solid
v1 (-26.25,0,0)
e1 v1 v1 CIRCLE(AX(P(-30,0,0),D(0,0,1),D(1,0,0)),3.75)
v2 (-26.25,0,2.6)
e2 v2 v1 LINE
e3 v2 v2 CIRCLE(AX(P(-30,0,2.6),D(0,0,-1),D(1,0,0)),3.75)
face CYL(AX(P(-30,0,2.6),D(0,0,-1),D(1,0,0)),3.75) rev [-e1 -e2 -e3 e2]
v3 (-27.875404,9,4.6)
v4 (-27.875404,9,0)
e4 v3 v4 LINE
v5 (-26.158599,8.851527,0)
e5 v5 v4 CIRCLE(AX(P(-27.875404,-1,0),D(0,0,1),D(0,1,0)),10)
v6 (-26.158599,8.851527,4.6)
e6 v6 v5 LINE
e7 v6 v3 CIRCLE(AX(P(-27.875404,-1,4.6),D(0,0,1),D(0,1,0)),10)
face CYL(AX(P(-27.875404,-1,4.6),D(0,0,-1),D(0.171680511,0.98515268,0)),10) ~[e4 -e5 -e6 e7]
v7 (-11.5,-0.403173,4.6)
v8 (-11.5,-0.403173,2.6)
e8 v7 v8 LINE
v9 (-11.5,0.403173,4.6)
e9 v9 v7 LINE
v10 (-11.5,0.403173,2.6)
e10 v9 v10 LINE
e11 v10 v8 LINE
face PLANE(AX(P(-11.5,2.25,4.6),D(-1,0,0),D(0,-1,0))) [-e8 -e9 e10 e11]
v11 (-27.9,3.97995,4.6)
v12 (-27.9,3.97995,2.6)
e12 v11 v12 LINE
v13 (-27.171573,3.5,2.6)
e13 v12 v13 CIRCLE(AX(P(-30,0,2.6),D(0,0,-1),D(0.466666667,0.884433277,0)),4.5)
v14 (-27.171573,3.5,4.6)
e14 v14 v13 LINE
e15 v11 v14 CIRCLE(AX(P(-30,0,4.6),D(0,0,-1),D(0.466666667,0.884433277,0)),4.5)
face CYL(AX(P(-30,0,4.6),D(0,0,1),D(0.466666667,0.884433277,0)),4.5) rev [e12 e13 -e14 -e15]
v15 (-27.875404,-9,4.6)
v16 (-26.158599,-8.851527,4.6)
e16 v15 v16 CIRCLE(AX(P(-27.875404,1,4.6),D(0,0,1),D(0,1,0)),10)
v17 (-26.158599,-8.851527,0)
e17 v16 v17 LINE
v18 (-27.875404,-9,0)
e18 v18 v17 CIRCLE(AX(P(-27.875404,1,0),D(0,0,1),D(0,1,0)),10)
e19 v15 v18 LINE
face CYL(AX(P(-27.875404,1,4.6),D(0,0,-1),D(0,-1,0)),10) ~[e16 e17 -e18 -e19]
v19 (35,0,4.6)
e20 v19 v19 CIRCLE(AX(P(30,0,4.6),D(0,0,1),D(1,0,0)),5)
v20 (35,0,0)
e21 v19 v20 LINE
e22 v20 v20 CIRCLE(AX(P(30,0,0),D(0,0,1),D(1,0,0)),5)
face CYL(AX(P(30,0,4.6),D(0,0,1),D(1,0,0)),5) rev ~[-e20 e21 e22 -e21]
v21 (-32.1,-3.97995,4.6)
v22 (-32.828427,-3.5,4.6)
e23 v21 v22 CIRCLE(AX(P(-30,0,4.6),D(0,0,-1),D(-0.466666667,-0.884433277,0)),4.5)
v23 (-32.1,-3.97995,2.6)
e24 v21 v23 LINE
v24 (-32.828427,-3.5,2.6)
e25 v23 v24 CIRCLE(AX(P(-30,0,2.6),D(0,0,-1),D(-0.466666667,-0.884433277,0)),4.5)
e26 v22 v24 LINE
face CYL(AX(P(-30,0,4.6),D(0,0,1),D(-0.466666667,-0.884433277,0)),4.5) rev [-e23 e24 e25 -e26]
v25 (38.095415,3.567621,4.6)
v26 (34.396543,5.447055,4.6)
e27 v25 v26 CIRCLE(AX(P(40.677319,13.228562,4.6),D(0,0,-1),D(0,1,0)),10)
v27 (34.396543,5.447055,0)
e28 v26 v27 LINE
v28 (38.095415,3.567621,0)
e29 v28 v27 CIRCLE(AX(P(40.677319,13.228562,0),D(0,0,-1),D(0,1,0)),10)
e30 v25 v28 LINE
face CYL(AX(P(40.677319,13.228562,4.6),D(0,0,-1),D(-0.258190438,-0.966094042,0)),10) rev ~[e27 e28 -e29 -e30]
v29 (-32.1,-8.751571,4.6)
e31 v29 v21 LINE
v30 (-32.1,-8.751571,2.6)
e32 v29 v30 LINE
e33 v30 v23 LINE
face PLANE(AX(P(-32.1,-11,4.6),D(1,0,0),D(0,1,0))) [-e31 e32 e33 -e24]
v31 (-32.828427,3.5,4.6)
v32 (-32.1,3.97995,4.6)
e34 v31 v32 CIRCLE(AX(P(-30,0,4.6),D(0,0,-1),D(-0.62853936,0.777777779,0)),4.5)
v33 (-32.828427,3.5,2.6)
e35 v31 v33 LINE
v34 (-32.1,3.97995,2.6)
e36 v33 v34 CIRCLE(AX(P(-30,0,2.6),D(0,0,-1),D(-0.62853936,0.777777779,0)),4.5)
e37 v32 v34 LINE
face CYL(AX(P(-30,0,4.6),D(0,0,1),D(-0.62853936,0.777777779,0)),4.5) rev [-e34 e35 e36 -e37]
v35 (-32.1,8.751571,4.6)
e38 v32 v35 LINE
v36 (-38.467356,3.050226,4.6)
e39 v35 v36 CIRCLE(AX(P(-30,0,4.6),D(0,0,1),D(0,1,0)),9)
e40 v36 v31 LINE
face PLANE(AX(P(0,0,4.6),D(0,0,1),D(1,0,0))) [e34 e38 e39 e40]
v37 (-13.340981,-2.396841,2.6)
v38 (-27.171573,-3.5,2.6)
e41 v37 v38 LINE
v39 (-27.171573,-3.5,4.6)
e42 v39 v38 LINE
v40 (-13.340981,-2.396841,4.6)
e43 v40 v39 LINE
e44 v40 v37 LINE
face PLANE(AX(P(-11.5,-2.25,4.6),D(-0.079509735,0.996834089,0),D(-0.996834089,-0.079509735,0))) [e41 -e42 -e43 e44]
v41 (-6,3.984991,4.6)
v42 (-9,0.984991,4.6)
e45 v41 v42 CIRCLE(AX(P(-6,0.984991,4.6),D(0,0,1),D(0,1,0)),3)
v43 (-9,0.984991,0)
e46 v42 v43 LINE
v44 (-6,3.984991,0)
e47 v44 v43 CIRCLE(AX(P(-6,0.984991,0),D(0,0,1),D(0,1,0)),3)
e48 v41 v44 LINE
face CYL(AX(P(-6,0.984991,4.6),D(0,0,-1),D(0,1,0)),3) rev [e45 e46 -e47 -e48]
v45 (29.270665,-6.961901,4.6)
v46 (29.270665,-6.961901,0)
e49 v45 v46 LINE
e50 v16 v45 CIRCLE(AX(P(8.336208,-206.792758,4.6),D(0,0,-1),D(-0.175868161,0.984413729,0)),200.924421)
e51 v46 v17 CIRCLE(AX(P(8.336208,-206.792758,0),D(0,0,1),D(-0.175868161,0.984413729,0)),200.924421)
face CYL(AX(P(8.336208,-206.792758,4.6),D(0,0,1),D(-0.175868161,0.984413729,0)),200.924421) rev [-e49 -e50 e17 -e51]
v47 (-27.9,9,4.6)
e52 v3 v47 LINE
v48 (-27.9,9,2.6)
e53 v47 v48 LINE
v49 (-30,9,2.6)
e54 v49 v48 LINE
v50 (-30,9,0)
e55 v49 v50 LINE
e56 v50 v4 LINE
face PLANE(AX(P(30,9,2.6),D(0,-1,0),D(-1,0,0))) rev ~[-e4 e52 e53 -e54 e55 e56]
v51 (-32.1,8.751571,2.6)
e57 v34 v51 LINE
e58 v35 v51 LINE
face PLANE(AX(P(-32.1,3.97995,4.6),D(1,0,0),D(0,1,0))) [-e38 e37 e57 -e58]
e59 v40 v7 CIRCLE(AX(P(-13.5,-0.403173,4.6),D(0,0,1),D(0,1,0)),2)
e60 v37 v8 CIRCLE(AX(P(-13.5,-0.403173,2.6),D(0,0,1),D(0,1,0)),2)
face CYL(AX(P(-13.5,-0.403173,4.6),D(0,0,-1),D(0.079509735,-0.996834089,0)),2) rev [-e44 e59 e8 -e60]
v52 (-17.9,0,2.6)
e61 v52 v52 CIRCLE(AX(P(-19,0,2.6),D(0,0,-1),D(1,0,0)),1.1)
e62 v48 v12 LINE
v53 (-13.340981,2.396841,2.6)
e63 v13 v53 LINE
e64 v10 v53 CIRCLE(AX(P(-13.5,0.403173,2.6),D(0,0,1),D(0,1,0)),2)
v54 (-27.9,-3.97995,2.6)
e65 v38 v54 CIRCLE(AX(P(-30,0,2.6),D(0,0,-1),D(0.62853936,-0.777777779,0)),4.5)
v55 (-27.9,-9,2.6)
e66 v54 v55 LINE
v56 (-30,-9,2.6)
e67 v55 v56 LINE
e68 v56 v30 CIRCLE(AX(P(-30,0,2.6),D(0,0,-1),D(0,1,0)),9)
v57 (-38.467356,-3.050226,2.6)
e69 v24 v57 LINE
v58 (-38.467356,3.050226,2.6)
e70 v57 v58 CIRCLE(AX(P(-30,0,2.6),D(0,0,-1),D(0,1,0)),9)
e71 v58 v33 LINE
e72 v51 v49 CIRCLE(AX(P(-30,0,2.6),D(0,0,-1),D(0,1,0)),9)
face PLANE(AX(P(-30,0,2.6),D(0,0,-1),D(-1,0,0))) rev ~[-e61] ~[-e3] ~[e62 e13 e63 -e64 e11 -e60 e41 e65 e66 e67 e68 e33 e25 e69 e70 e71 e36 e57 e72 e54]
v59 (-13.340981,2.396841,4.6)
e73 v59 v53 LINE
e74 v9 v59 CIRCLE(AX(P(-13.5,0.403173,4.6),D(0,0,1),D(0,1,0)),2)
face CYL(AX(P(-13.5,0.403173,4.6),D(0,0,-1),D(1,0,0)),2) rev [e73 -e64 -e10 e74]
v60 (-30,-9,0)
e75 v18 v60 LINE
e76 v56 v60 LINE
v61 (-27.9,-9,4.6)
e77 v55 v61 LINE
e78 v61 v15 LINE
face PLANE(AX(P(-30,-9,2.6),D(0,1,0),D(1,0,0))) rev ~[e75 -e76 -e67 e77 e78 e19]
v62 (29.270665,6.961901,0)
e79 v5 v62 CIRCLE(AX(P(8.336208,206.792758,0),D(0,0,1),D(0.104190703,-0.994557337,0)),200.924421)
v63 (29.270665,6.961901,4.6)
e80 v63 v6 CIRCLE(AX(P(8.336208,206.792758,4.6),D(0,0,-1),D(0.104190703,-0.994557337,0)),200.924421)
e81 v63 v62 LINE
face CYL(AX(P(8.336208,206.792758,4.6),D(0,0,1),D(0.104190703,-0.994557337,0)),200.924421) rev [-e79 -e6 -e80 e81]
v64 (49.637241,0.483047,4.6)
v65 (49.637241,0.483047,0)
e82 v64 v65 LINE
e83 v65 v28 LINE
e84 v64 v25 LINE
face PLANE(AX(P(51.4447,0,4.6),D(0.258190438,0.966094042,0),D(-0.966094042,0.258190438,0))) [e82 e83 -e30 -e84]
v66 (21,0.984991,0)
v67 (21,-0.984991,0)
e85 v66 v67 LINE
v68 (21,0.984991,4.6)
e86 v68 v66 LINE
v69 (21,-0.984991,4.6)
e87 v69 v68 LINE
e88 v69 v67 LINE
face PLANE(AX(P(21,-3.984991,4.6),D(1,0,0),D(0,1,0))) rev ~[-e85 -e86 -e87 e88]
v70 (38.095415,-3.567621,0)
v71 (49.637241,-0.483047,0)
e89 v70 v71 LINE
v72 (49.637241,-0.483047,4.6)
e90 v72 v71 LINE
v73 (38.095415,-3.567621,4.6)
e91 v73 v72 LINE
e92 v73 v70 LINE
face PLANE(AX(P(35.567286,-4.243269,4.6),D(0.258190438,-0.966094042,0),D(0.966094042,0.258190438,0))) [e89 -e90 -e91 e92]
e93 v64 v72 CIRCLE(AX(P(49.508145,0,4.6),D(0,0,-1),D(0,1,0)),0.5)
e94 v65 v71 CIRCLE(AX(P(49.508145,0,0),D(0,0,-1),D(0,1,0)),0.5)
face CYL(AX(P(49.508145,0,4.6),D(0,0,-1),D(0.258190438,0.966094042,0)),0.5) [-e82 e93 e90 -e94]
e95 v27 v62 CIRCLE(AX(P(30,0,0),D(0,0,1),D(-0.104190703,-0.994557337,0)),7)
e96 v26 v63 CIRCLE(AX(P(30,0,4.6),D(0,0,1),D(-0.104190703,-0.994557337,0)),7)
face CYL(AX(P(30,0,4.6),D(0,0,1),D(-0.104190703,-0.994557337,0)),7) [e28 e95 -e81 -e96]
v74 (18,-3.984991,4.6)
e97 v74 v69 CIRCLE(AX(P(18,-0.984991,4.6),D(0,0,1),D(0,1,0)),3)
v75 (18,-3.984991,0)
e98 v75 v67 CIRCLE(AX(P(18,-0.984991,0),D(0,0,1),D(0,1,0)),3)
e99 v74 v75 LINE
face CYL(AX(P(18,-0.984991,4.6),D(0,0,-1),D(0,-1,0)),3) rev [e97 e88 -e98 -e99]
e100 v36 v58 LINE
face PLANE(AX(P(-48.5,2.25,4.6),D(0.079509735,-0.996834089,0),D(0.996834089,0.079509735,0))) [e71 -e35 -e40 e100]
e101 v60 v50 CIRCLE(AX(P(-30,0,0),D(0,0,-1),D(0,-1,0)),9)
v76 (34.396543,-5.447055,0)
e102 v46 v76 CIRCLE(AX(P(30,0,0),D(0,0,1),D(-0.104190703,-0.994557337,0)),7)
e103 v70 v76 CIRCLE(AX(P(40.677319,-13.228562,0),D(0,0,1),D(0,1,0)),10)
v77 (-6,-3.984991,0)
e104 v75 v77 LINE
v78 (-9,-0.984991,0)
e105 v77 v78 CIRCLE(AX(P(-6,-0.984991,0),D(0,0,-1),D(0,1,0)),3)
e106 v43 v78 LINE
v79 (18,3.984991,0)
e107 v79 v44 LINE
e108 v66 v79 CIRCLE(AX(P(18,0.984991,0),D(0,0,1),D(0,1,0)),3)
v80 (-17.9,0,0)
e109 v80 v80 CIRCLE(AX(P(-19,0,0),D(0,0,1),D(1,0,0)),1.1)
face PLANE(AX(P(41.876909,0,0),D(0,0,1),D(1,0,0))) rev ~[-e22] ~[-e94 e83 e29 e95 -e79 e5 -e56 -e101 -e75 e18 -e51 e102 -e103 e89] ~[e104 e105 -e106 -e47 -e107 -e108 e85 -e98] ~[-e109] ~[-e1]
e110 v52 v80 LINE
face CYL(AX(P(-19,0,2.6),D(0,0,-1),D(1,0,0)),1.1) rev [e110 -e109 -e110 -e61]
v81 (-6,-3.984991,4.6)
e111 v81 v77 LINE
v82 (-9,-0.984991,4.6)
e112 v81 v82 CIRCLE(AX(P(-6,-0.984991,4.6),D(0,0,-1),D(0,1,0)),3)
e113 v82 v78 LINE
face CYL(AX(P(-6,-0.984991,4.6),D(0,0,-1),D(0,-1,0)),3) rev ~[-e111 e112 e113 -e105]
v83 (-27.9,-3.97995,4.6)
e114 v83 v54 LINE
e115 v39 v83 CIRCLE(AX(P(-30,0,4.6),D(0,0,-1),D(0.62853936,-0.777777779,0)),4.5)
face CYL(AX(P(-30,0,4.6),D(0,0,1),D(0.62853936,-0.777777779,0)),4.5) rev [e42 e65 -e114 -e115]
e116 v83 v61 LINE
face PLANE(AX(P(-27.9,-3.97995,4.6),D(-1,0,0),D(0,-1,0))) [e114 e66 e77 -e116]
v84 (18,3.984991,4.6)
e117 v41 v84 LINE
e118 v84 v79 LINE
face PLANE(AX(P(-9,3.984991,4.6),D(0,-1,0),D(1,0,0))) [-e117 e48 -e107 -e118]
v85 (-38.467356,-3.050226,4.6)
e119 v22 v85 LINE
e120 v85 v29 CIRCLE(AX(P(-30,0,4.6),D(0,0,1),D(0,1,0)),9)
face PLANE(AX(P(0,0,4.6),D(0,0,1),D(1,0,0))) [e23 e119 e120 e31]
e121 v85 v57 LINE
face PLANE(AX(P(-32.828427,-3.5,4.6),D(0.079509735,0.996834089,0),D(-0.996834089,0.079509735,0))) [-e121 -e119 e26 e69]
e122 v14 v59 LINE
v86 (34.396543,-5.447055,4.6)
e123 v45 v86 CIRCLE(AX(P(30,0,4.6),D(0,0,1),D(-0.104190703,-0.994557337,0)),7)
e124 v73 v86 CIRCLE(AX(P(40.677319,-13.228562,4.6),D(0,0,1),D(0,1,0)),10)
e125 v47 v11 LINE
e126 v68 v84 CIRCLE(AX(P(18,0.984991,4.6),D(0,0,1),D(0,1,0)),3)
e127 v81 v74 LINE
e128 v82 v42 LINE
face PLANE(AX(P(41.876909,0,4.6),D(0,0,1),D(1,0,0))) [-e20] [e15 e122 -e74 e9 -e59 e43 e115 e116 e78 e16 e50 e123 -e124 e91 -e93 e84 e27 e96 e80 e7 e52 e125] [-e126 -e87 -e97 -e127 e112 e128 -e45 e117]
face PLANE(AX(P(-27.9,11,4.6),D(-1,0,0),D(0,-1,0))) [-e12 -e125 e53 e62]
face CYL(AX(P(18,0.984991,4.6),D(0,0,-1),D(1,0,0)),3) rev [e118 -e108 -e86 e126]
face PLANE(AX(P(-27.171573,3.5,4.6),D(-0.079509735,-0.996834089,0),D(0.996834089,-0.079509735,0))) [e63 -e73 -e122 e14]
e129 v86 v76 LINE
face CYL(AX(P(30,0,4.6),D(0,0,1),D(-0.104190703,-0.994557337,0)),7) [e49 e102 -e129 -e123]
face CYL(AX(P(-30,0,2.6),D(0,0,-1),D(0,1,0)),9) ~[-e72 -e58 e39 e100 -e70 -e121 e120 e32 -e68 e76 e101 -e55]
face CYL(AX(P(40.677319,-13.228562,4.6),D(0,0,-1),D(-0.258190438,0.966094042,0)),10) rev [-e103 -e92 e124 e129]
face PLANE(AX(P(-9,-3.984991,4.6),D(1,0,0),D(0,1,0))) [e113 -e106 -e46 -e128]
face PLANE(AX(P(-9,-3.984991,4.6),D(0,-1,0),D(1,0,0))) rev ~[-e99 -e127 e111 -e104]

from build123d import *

# Parameters (mm, degrees)
ESQUISSE1_R             = 3.75
ESQUISSE1_R_2           = 1.6
ESQUISSE1_R_3           = 1.1
BOSS_EXTRU_1_DEPTH      = 2.6
ESQUISSE2_R             = 3.75
ESQUISSE2_R_2           = 1.6
ESQUISSE2_R_3           = 1.1
BOSS_EXTRU_2_DEPTH      = 2
ENL_V_MAT_EXTRU_1_DEPTH = 2
ENL_V_MAT_EXTRU_2_DEPTH = 41.288459886
CONG_1_R                = 2
CONG_2_R                = 10
ESQUISSE6_W             = 30
ESQUISSE6_H             = 7.96998198
ENL_V_MAT_EXTRU_4_DEPTH = 10
CONG_3_R                = 3
BOSS_EXTRU_3_DEPTH      = 4.6
CONG_4_R                = 0.5
ESQUISSE9_R             = 5
ENL_V_MAT_EXTRU_7_DEPTH = 52.019355151
CONG_5_R                = 10


with BuildPart() as part:
    # Esquisse1 → Boss.-Extru.1 (new body)
    with BuildSketch(Plane.XY):
        with BuildLine():
            Line((-30, 9), (30, 9))
            ThreePointArc((30, 9), (39, 0), (30, -9))
            Line((30, -9), (-30, -9))
            ThreePointArc((-30, -9), (-39, 0), (-30, 9))
        make_face()
        with Locations((-30, 0)):
            Circle(ESQUISSE1_R, mode=Mode.SUBTRACT)
        with Locations((30, 0)):
            Circle(ESQUISSE1_R_2, mode=Mode.SUBTRACT)
        with Locations((-19, 0)):
            Circle(ESQUISSE1_R_3, mode=Mode.SUBTRACT)
    extrude(amount=BOSS_EXTRU_1_DEPTH)

    # Esquisse2 → Boss.-Extru.2 (add)
    with BuildSketch(Plane.XY.offset(2.6)):
        with BuildLine():
            Line((-30, -9), (30, -9))
            ThreePointArc((30, -9), (39, 0), (30, 9))
            Line((30, 9), (-30, 9))
            ThreePointArc((-30, 9), (-39, 0), (-30, -9))
        make_face()
        with Locations((-30, 0)):
            Circle(ESQUISSE2_R, mode=Mode.SUBTRACT)
        with Locations((30, 0)):
            Circle(ESQUISSE2_R_2, mode=Mode.SUBTRACT)
        with Locations((-19, 0)):
            Circle(ESQUISSE2_R_3, mode=Mode.SUBTRACT)
    extrude(amount=BOSS_EXTRU_2_DEPTH)

    # Esquisse3 → Enlèv. mat.-Extru.1 (cut)
    with BuildSketch(Plane.XY.offset(4.6)):
        with BuildLine():
            Line((-32.1, 3.979949748), (-32.1, 11))
            Line((-32.1, 11), (-27.9, 11))
            Line((-27.9, 11), (-27.9, 3.979949748))
            ThreePointArc((-27.9, 3.979949748), (-27.524129159, 3.757667305), (-27.171572875, 3.5))
            Line((-27.171572875, 3.5), (-11.5, 2.25))
            Line((-11.5, 2.25), (-11.5, -2.25))
            Line((-11.5, -2.25), (-27.171572875, -3.5))
            ThreePointArc((-27.171572875, -3.5), (-27.524129159, -3.757667305), (-27.9, -3.979949748))
            Line((-27.9, -3.979949748), (-27.9, -11))
            Line((-27.9, -11), (-32.1, -11))
            Line((-32.1, -11), (-32.1, -3.979949748))
            ThreePointArc((-32.1, -3.979949748), (-32.475870841, -3.757667305), (-32.828427125, -3.5))
            Line((-32.828427125, -3.5), (-48.5, -2.25))
            Line((-48.5, -2.25), (-48.5, 2.25))
            Line((-48.5, 2.25), (-32.828427125, 3.5))
            ThreePointArc((-32.828427125, 3.5), (-32.475870841, 3.757667305), (-32.1, 3.979949748))
        make_face()
    extrude(amount=-ENL_V_MAT_EXTRU_1_DEPTH, mode=Mode.SUBTRACT)

    # Esquisse4 → Enlèv. mat.-Extru.2 (cut, through all)
    with BuildSketch(Plane.XY.offset(4.6)):
        with BuildLine():
            Line((-27, 9), (-27, 15.262477906))
            Line((-27, 15.262477906), (45.494284805, 15.262477906))
            Line((45.494284805, 15.262477906), (45.494284805, -15.262477906))
            Line((45.494284805, -15.262477906), (-27, -15.262477906))
            Line((-27, -15.262477906), (-27, -9))
            ThreePointArc((-27, -9), (1.06358338, -6), (29.270665078, -6.961901362))
            ThreePointArc((29.270665078, -6.961901362), (37, 0), (29.270665078, 6.961901362))
            ThreePointArc((29.270665078, 6.961901362), (1.06358338, 6), (-27, 9))
        make_face()
    extrude(amount=-ENL_V_MAT_EXTRU_2_DEPTH, mode=Mode.SUBTRACT)

    # Congé1
    cong_1_edges = [part.edges().sort_by_distance(p)[0] for p in [
        (-11.5, 2.25, 3.6),
        (-11.5, -2.25, 3.6),
    ]]
    fillet(cong_1_edges, radius=CONG_1_R)

    # Congé2
    cong_2_edges = [part.edges().sort_by_distance(p)[0] for p in [
        (-27, 9, 2.3),
        (-27, -9, 2.3),
    ]]
    fillet(cong_2_edges, radius=CONG_2_R)

    # Esquisse6 → Enlèv. mat.-Extru.4 (cut)
    with BuildSketch(Plane.XY.offset(4.6)):
        with Locations((6, 0)):
            Rectangle(ESQUISSE6_W, ESQUISSE6_H)
    extrude(amount=-ENL_V_MAT_EXTRU_4_DEPTH, mode=Mode.SUBTRACT)

    # Congé3
    cong_3_edges = [part.edges().sort_by_distance(p)[0] for p in [
        (-9, -3.98499099, 2.3),
        (-9, 3.98499099, 2.3),
        (21, 3.98499099, 2.3),
        (21, -3.98499099, 2.3),
    ]]
    fillet(cong_3_edges, radius=CONG_3_R)

    # Esquisse8 → Boss.-Extru.3 (add)
    with BuildSketch(Plane.XY.offset(4.6)):
        Polygon((51.444700397, 0), (35.567285724, 4.243268748), (35.567285724, -4.243268748), align=None)
    extrude(amount=-BOSS_EXTRU_3_DEPTH)

    # Congé4
    cong_4_edges = [part.edges().sort_by_distance(p)[0] for p in [
        (51.444700397, 0, 2.3),
    ]]
    fillet(cong_4_edges, radius=CONG_4_R)

    # Esquisse9 → Enlèv. mat.-Extru.7 (cut, through all)
    with BuildSketch(Plane.XY.offset(4.6)):
        with Locations((30, 0)):
            Circle(ESQUISSE9_R)
    extrude(amount=-ENL_V_MAT_EXTRU_7_DEPTH, mode=Mode.SUBTRACT)

    # Congé5
    cong_5_edges = [part.edges().sort_by_distance(p)[0] for p in [
        (35.567285724, -4.243268748, 2.3),
        (35.567285724, 4.243268748, 2.3),
    ]]
    fillet(cong_5_edges, radius=CONG_5_R)


solid = part.part
